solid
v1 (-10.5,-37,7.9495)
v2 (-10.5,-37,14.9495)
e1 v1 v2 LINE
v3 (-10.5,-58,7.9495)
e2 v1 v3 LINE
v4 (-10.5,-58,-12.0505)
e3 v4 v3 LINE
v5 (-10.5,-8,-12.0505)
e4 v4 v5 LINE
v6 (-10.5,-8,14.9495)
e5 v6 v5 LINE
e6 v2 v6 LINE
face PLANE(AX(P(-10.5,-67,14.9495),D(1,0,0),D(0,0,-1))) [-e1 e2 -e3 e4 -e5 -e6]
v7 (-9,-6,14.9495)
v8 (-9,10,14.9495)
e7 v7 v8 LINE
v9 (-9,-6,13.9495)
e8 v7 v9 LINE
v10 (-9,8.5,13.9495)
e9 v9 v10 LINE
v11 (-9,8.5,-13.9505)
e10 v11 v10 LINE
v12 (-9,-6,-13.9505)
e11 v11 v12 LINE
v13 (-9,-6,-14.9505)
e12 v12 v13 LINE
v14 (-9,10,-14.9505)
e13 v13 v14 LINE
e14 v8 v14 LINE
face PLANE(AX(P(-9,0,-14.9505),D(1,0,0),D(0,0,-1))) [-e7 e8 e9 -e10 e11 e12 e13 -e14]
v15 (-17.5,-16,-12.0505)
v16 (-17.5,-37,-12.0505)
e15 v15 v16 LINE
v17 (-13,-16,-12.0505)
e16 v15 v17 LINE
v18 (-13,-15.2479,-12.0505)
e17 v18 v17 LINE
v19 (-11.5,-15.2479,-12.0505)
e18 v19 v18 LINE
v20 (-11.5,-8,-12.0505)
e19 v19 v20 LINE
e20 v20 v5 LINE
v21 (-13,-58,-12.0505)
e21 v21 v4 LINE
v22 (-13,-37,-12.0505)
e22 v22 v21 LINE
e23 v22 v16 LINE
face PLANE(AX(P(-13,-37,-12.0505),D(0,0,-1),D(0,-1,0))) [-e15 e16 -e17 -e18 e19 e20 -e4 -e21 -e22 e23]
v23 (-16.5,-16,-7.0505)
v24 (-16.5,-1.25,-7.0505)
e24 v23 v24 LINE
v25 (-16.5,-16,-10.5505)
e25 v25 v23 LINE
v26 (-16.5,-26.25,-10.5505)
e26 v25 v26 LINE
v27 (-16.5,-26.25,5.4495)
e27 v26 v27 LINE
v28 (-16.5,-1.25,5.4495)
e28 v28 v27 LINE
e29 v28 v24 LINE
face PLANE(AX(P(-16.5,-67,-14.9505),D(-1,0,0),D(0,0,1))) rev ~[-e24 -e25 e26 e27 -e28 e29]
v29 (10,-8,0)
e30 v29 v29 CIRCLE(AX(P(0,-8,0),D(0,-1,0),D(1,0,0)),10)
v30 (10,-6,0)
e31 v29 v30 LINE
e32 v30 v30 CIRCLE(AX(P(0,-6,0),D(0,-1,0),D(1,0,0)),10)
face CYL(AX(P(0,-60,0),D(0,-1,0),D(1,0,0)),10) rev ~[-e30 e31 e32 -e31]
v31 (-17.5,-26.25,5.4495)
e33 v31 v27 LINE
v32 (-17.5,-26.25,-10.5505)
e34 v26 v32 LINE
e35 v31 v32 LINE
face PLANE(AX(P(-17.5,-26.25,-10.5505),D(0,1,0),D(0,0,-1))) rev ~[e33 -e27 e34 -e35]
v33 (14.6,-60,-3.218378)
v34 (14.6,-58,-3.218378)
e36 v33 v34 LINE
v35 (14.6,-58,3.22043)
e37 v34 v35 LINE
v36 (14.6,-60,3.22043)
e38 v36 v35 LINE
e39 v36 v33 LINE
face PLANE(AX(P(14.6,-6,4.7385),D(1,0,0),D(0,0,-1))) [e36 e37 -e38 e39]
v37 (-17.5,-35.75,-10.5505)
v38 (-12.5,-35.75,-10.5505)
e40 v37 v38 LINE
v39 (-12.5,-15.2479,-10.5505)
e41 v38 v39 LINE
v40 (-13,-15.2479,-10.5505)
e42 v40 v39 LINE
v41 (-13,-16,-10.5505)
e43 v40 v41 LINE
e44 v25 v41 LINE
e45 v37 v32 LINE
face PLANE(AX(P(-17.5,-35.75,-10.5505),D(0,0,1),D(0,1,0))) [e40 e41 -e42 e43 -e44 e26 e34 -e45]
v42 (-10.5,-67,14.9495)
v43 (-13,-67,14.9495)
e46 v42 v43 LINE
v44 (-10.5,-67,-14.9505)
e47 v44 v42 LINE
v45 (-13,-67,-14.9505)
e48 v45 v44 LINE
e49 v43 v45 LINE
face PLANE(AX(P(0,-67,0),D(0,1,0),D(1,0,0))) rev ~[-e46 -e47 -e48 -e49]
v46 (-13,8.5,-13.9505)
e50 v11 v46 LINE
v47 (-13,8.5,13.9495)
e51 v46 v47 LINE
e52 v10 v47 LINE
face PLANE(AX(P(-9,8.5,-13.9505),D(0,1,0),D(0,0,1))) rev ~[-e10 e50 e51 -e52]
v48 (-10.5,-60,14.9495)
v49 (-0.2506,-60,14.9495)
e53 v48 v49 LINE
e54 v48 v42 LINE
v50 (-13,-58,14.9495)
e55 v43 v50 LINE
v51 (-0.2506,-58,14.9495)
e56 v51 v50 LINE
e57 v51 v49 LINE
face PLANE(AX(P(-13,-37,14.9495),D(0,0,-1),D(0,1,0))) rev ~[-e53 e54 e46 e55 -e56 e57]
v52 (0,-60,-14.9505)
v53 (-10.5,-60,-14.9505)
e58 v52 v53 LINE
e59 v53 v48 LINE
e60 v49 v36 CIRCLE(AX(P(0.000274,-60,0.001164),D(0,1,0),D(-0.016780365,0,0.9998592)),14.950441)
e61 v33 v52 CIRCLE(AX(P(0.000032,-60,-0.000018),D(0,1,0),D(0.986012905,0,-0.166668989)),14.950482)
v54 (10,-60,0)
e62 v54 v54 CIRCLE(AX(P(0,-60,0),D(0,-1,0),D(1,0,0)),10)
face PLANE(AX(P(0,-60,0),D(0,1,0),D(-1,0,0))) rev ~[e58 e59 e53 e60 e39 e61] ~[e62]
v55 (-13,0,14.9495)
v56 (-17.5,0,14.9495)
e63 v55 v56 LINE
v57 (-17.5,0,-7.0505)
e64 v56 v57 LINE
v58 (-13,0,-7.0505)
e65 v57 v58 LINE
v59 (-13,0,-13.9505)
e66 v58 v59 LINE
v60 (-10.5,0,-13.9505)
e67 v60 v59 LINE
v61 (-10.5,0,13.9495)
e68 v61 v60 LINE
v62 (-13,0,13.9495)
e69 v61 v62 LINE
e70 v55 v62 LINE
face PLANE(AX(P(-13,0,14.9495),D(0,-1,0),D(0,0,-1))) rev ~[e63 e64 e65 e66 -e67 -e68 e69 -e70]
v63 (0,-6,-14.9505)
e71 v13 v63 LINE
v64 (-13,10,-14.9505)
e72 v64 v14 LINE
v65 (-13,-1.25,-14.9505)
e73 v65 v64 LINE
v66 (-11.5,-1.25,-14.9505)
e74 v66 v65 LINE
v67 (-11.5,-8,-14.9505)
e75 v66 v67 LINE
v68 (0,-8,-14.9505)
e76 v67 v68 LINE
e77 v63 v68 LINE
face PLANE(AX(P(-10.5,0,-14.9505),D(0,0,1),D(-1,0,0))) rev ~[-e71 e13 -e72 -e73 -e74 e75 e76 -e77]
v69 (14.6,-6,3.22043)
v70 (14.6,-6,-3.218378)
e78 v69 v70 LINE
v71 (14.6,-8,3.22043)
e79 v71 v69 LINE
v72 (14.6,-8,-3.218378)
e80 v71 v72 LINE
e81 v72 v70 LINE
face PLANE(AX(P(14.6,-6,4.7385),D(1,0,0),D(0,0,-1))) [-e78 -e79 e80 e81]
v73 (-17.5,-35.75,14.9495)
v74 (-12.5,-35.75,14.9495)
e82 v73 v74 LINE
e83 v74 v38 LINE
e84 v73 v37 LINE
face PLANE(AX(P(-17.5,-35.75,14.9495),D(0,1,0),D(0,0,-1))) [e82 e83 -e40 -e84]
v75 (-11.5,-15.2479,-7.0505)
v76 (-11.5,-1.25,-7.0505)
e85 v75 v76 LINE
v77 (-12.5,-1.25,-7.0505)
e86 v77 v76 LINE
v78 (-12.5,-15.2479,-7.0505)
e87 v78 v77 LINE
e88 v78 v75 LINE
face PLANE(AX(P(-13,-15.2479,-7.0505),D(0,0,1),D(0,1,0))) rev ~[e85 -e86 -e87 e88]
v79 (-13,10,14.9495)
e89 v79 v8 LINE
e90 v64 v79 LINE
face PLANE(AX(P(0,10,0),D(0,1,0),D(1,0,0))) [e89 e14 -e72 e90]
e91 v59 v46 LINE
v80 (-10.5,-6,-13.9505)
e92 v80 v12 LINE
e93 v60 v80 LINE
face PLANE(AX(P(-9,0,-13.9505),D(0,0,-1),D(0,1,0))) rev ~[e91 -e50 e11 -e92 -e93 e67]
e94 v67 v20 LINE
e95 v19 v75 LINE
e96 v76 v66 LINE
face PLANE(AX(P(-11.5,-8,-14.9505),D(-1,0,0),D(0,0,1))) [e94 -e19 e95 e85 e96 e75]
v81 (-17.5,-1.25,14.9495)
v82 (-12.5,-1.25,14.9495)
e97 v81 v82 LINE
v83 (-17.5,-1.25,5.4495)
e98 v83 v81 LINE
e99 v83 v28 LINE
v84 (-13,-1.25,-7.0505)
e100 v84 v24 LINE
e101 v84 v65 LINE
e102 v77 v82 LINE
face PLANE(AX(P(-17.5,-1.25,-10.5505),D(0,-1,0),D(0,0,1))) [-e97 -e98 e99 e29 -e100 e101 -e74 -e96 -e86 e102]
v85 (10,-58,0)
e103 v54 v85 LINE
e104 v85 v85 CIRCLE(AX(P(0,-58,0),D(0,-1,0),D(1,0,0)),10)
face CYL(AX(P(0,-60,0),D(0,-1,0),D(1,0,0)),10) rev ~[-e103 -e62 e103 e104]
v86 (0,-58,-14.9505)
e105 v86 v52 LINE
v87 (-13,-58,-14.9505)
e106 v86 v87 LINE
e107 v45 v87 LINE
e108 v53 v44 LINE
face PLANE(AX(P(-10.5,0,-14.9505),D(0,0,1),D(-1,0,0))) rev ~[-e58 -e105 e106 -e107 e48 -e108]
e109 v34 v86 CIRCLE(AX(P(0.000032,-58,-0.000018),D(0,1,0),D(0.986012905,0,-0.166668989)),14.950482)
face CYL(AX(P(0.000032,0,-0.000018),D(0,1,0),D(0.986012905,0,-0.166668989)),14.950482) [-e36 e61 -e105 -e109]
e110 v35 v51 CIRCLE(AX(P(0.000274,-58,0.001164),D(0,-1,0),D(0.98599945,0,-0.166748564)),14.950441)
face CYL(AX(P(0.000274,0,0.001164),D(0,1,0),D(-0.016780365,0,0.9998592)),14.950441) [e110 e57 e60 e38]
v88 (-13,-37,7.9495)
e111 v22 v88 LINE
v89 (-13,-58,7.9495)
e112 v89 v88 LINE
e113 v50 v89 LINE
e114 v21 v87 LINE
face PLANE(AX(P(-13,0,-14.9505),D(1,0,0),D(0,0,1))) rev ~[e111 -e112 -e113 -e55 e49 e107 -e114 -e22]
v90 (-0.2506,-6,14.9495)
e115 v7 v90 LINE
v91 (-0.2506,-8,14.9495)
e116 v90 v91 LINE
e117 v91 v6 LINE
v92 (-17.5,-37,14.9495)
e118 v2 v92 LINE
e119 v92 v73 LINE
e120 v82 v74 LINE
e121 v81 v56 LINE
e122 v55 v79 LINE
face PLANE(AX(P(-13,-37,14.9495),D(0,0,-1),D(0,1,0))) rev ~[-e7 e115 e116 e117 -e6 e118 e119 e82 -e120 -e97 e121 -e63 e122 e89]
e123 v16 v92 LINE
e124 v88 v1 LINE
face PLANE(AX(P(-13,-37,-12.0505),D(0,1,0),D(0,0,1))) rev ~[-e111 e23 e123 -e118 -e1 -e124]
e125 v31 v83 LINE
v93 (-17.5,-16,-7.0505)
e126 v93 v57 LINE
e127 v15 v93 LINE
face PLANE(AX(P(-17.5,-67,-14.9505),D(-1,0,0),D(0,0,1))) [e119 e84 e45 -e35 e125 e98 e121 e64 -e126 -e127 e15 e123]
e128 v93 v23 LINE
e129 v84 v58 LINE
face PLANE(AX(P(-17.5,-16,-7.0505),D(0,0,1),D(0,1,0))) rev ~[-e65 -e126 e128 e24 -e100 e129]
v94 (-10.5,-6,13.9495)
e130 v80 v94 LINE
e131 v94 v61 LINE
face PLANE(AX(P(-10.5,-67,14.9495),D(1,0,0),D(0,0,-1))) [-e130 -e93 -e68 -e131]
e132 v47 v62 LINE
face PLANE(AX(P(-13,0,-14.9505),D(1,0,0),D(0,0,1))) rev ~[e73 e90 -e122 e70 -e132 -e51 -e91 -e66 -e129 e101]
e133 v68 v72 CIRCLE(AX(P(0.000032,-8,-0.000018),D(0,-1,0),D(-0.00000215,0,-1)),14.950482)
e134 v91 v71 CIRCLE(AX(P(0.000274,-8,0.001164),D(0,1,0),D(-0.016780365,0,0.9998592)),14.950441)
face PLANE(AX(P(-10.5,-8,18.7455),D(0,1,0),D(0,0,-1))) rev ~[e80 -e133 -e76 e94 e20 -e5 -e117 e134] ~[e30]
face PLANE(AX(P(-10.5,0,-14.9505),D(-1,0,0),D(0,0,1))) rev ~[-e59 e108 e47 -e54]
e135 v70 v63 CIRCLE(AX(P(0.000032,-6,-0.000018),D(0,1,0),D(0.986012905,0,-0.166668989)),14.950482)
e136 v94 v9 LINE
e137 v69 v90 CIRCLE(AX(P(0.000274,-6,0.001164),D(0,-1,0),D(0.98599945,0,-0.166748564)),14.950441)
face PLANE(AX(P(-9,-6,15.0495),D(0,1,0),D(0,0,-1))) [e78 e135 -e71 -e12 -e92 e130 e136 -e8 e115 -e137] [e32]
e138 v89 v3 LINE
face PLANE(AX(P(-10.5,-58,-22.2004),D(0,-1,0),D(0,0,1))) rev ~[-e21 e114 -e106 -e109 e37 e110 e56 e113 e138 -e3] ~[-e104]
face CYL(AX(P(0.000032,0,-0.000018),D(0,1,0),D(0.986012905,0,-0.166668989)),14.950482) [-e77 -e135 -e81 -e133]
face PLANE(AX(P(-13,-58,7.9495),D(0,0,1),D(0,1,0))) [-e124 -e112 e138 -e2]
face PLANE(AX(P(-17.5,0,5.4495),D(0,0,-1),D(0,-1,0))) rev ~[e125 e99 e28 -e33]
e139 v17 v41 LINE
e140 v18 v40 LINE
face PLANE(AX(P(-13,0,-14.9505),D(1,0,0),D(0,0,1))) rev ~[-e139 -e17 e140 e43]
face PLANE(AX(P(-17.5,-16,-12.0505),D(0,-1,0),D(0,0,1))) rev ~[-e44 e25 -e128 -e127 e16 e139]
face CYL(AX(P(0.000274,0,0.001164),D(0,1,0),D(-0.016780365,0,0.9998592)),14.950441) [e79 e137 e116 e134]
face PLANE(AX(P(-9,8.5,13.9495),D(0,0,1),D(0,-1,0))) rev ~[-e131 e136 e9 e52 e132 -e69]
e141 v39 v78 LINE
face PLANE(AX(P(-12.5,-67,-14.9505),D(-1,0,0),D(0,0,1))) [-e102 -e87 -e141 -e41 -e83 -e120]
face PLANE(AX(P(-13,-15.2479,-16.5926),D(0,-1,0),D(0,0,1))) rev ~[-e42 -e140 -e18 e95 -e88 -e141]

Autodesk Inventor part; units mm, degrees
ref_plane "YZ Plane" through (0, 0, 0) normal (1, 0, 0) x (0, 1, 0)
ref_plane "XZ Plane" through (0, 0, 0) normal (0, 1, 0) x (-1, 0, 0)
ref_plane "XY Plane" through (0, 0, 0) normal (0, 0, 1) x (1, 0, 0)
sketch "Sketch1" plane through (0, 0, 0) normal (0, 1, 0) x (-1, 0, 0)
  line L0 (13, 14.9495) -> (0, 14.9495)
  line L1 (0, -14.9505) -> (13, -14.9505)
  line L2 (13, -14.9505) -> (13, 14.9495)
  arc A0 (-14.7414, -2.4918) -> (0, -14.9505) centre (0, 0) ccw
  arc A1 (0.2506, 14.9495) -> (-14.7414, -2.4918) centre (-0.0002, 0.001) ccw
  point P0 (13, -0.0005)
  dimension "d0" = 29.9
  dimension "d1" = 0
  dimension "d2" = 0
extrude "Extrusion1" add sketch "Sketch1" against normal blind 60
sketch "Sketch2" plane through (0, -60, 0) normal (0, -1, 0) x (1, 0, 0)
  circle A0 centre (0, 0) radius 10
  dimension "d5" = 20
extrude "Extrusion2" cut sketch "Sketch2" against normal through all
sketch "Sketch3" plane through (0, 0, 0) normal (0, 1, 0) x (1, 0, 0)
  line L0 (-13, -14.9495) -> (-13, 14.9505) projected
  line L1 (-0.2506, -14.9495) -> (-13, -14.9495) projected
  line L2 (-13, 14.9505) -> (-10.5, 14.9505)
  line L3 (-10.5, 14.9505) -> (-10.5, -14.9495)
  line L4 (-10.5, -14.9495) -> (-13, -14.9495)
  line L5 (-13, -14.9495) -> (-13, 14.9505)
  point P0 (0, 0)
  point P1 (0, -15)
  dimension "d8" = 2.5
extrude "Extrusion3" add sketch "Sketch3" against normal blind 67
sketch "Sketch4" plane through (-10.5, -67, 14.9495) normal (1, 0, 0) x (0, 0, -1)
  line L0 (-3.796, 59) -> (37.1499, 59)
  line L1 (37.1499, 59) -> (37.1499, 9)
  line L2 (37.1499, 9) -> (-3.796, 9)
  line L3 (-3.796, 9) -> (-3.796, 59)
  line L4 (29.9, 67) -> (0, 67) projected
  line L5 (0, 7) -> (29.9, 7) projected
  point P0 (14.9495, 67)
  dimension "d31" = 2
  dimension "d44" = 50
extrude "Extrusion4" cut sketch "Sketch4" along normal through all
sketch "Sketch5" plane through (0, 0, 0) normal (0, 1, 0) x (1, 0, 0)
  line L0 (-13, 14.9505) -> (-13, -14.9495) projected
  line L1 (-10.5, 14.9505) -> (0, 14.9505) projected
  line L2 (-13, -14.9495) -> (-9, -14.9495)
  line L3 (-9, -14.9495) -> (-9, 14.9505)
  line L4 (-9, 14.9505) -> (-13, 14.9505)
  line L5 (-13, 14.9505) -> (-13, -14.9495)
  point P0 (0, 0)
  dimension "d13" = 4
extrude "Extrusion5" add sketch "Sketch5" along normal blind 10
sketch "Sketch6" plane through (-9, 0, 4.3589) normal (1, 0, 0) x (0, 0, -1)
  line L0 (0, 0) -> (-10.5906, 0) projected
  line L1 (-9.5906, 0) -> (18.3094, 0)
  line L2 (18.3094, 0) -> (18.3094, 8.5)
  line L3 (18.3094, 8.5) -> (-9.5906, 8.5)
  line L4 (-9.5906, 8.5) -> (-9.5906, 0)
  line L5 (19.3094, 0) -> (19.3094, 10) projected
  line L6 (-10.5906, 0) -> (-10.5906, 10) projected
  line L7 (-10.5906, 10) -> (19.3094, 10) projected
  point P0 (4.3589, 0)
  point P1 (19.3094, 5)
  dimension "d35" = 1
  dimension "d36" = 1
  dimension "d37" = 1.5
extrude "Extrusion6" cut sketch "Sketch6" against normal through all
sketch "Sketch7" plane through (-13, -67, -14.9505) normal (-1, 0, 0) x (0, 0, 1)
  line L0 (29.9, 67) -> (2.9, 67)
  line L1 (2.9, 67) -> (2.9, 30)
  line L2 (2.9, 30) -> (29.9, 30)
  line L3 (29.9, 30) -> (29.9, 67)
  line L4 (28.9, 67) -> (1, 67) projected
  line L5 (29.9, 0) -> (29.9, 77) projected
  line L6 (0, 0) -> (0, 77) projected
  point P0 (14.9505, 67)
  dimension "d54" = 37
  dimension "d55" = 27
  dimension "d57" = 0
  dimension "d60" = 0
extrude "Extrusion7" add sketch "Sketch7" along normal blind 4.5
sketch "Sketch8" plane through (-17.5, -67, -14.9505) normal (-1, 0, 0) x (0, 0, 1)
  line L0 (4.4, 65.75) -> (29.9, 65.75)
  line L1 (29.9, 65.75) -> (29.9, 31.25)
  line L2 (29.9, 31.25) -> (4.4, 31.25)
  line L3 (4.4, 31.25) -> (4.4, 65.75)
  line L4 (29.9, 30) -> (29.9, 67) projected
  line L5 (2.9, 30) -> (29.9, 30) projected
  point P0 (14.9505, 67)
  dimension "d61" = 0
  dimension "d62" = 34.5
  dimension "d63" = 25.5
  dimension "d64" = 1.25
extrude "Extrusion8" cut sketch "Sketch8" against normal blind 5
sketch "Sketch10" plane through (-10.5, -67, 14.9495) normal (1, 0, 0) x (0, 0, -1)
  line L0 (1, 67) -> (28.9, 67)
  line L1 (28.9, 67) -> (28.9, 61)
  line L2 (28.9, 61) -> (1, 61)
  line L3 (1, 61) -> (1, 67)
  line L4 (30, 59) -> (0, 59) projected
  line L5 (29.9, 67) -> (29.9, 77) projected
  line L6 (0, 67) -> (0, 77) projected
  point P0 (14.9495, 67)
  point P1 (1, 64)
  dimension "d45" = 2
  dimension "d46" = 6
  dimension "d48" = 1
  dimension "d50" = 1
extrude "Extrusion10" cut sketch "Sketch10" along normal through all
sketch "Sketch11" plane through (-9, 0, -14.9505) normal (1, 0, 0) x (0, 0, -1)
  line L0 (0, -67) -> (0, 10) projected
  line L1 (-30, 0) -> (-30, -8) projected
  line L2 (0, 1.2785) -> (-30, 1.2785)
  line L3 (-30, 1.2785) -> (-30, -6)
  line L4 (-30, -6) -> (0, -6)
  line L5 (0, -6) -> (0, 1.2785)
  line L6 (0, -8) -> (-30, -8) projected
  point P0 (-14.9505, 0)
  point P1 (0, -6)
  dimension "d51" = 2
extrude "Extrusion11" cut sketch "Sketch11" along normal through all contours L4 L1 L3 L2 L0
sketch "Sketch12" plane through (-17.5, -67, -14.9505) normal (-1, 0, 0) x (0, 0, 1)
  line L0 (2.9, 30) -> (2.9, 67) projected
  line L1 (2.9, 67) -> (20.4, 67)
  line L2 (20.4, 67) -> (20.4, 40.75)
  line L3 (20.4, 40.75) -> (2.9, 40.75)
  line L4 (2.9, 40.75) -> (2.9, 67)
  line L5 (4.4, 31.25) -> (4.4, 65.75) projected
  line L6 (4.4, 65.75) -> (29.9, 65.75) projected
  point P0 (14.9505, 67)
  point P1 (2.9, 40.75)
  dimension "d67" = 16
  dimension "d68" = 25
extrude "Extrusion12" add sketch "Sketch12" against normal blind 1
sketch "Sketch13" plane through (-13, -35.75, 14.9495) normal (-1, 0, 0) x (0, 0, 1)
  line L0 (0, 0) -> (-25.5, 0) projected
  line L1 (0, 0) -> (-7, 0)
  line L2 (-7, 0) -> (-7, 13)
  line L3 (-7, 13) -> (0, 13)
  line L4 (0, 13) -> (0, 0)
  point P0 (-14.9495, 35.75)
  dimension "d76" = 7
  dimension "d77" = 13
extrude "Extrusion13" [suppressed]
sketch "Sketch14" plane through (-17.5, -67, -14.9505) normal (-1, 0, 0) x (0, 0, 1)
  line L0 (7.9, 67) -> (2.9, 67)
  line L1 (2.9, 67) -> (2.9, 51)
  line L2 (2.9, 51) -> (7.9, 51)
  line L3 (7.9, 51) -> (7.9, 67)
  line L4 (2.9, 67) -> (2.9, 30) projected
  line L5 (29.9, 67) -> (2.9, 67) projected
  point P0 (14.9505, 67)
  dimension "d73" = 16
  dimension "d74" = 0
  dimension "d75" = 5
  dimension "d113" = 0
extrude "Extrusion14" cut sketch "Sketch14" against normal up to surface (4.5 mm away)
sketch "Sketch15" plane through (-13, -67, -14.9505) normal (-1, 0, 0) x (0, 0, 1)
  line L0 (29.9, 9) -> (0, 9) projected
  line L1 (0, 59) -> (2.9, 59)
  line L2 (2.9, 59) -> (2.9, 9)
  line L3 (2.9, 9) -> (0, 9)
  line L4 (0, 9) -> (0, 59)
  line L5 (2.9, 51) -> (2.9, 30) projected
  line L6 (0, 0) -> (0, 77) projected
  point P0 (14.9505, 67)
  dimension "d90" = 0
  dimension "d91" = 0
extrude "Extrusion15" cut sketch "Sketch15" against normal through all
sketch "Sketch16" plane through (-13, -67, -14.9505) normal (-1, 0, 0) x (0, 0, 1)
  line L0 (29.9, 30) -> (2.9, 30) projected
  line L1 (29.9, 9) -> (22.9, 9)
  line L2 (22.9, 9) -> (22.9, 30)
  line L3 (22.9, 30) -> (29.9, 30)
  line L4 (29.9, 30) -> (29.9, 9)
  line L5 (29.9, 0) -> (29.9, 30) projected
  point P0 (14.9505, 67)
  dimension "d82" = 0
  dimension "d83" = 7
extrude "Extrusion16" cut sketch "Sketch16" against normal through all
sketch "Sketch18" plane through (-10.5, -6, 13.9495) normal (0, 1, 0) x (1, 0, 0)
  line L0 (26.137, 9.211) -> (25.1, 9.211)
  line L1 (25.1, 9.211) -> (25.1, 19.211)
  line L2 (25.1, 19.211) -> (26.137, 19.211)
  line L3 (26.137, 19.211) -> (26.137, 9.211)
  arc A0 (10.5, -1) -> (10.5, 29) centre (10.5, 14) ccw projected
  point P0 (10.5, 13.9495)
  point P1 (25.1, 14.211)
  point P2 (25.5, 14)
  point P3 (25.6185, 19.211)
  point P4 (25.6185, 9.211)
  dimension "d88" = 10
  dimension "d89" = 14.6
extrude "Extrusion17" cut sketch "Sketch18" against normal through all
sketch "Sketch19" plane through (-13, -8, -14.9505) normal (-1, 0, 0) x (0, 0, 1)
  line L0 (20.4, 6.75) -> (29.9, 6.75) projected
  line L1 (-1.6421, -7.2479) -> (7.9, -7.2479)
  line L2 (7.9, -7.2479) -> (7.9, 6.75)
  line L3 (7.9, 6.75) -> (-1.6421, 6.75)
  line L4 (-1.6421, 6.75) -> (-1.6421, -7.2479)
  point P0 (14.9505, 8)
  point P1 (2.9, 6.75)
  point P2 (2.9, 6.75)
extrude "Extrusion18" cut sketch "Sketch19" against normal blind 1.5
properties part number "Part4-2option"
